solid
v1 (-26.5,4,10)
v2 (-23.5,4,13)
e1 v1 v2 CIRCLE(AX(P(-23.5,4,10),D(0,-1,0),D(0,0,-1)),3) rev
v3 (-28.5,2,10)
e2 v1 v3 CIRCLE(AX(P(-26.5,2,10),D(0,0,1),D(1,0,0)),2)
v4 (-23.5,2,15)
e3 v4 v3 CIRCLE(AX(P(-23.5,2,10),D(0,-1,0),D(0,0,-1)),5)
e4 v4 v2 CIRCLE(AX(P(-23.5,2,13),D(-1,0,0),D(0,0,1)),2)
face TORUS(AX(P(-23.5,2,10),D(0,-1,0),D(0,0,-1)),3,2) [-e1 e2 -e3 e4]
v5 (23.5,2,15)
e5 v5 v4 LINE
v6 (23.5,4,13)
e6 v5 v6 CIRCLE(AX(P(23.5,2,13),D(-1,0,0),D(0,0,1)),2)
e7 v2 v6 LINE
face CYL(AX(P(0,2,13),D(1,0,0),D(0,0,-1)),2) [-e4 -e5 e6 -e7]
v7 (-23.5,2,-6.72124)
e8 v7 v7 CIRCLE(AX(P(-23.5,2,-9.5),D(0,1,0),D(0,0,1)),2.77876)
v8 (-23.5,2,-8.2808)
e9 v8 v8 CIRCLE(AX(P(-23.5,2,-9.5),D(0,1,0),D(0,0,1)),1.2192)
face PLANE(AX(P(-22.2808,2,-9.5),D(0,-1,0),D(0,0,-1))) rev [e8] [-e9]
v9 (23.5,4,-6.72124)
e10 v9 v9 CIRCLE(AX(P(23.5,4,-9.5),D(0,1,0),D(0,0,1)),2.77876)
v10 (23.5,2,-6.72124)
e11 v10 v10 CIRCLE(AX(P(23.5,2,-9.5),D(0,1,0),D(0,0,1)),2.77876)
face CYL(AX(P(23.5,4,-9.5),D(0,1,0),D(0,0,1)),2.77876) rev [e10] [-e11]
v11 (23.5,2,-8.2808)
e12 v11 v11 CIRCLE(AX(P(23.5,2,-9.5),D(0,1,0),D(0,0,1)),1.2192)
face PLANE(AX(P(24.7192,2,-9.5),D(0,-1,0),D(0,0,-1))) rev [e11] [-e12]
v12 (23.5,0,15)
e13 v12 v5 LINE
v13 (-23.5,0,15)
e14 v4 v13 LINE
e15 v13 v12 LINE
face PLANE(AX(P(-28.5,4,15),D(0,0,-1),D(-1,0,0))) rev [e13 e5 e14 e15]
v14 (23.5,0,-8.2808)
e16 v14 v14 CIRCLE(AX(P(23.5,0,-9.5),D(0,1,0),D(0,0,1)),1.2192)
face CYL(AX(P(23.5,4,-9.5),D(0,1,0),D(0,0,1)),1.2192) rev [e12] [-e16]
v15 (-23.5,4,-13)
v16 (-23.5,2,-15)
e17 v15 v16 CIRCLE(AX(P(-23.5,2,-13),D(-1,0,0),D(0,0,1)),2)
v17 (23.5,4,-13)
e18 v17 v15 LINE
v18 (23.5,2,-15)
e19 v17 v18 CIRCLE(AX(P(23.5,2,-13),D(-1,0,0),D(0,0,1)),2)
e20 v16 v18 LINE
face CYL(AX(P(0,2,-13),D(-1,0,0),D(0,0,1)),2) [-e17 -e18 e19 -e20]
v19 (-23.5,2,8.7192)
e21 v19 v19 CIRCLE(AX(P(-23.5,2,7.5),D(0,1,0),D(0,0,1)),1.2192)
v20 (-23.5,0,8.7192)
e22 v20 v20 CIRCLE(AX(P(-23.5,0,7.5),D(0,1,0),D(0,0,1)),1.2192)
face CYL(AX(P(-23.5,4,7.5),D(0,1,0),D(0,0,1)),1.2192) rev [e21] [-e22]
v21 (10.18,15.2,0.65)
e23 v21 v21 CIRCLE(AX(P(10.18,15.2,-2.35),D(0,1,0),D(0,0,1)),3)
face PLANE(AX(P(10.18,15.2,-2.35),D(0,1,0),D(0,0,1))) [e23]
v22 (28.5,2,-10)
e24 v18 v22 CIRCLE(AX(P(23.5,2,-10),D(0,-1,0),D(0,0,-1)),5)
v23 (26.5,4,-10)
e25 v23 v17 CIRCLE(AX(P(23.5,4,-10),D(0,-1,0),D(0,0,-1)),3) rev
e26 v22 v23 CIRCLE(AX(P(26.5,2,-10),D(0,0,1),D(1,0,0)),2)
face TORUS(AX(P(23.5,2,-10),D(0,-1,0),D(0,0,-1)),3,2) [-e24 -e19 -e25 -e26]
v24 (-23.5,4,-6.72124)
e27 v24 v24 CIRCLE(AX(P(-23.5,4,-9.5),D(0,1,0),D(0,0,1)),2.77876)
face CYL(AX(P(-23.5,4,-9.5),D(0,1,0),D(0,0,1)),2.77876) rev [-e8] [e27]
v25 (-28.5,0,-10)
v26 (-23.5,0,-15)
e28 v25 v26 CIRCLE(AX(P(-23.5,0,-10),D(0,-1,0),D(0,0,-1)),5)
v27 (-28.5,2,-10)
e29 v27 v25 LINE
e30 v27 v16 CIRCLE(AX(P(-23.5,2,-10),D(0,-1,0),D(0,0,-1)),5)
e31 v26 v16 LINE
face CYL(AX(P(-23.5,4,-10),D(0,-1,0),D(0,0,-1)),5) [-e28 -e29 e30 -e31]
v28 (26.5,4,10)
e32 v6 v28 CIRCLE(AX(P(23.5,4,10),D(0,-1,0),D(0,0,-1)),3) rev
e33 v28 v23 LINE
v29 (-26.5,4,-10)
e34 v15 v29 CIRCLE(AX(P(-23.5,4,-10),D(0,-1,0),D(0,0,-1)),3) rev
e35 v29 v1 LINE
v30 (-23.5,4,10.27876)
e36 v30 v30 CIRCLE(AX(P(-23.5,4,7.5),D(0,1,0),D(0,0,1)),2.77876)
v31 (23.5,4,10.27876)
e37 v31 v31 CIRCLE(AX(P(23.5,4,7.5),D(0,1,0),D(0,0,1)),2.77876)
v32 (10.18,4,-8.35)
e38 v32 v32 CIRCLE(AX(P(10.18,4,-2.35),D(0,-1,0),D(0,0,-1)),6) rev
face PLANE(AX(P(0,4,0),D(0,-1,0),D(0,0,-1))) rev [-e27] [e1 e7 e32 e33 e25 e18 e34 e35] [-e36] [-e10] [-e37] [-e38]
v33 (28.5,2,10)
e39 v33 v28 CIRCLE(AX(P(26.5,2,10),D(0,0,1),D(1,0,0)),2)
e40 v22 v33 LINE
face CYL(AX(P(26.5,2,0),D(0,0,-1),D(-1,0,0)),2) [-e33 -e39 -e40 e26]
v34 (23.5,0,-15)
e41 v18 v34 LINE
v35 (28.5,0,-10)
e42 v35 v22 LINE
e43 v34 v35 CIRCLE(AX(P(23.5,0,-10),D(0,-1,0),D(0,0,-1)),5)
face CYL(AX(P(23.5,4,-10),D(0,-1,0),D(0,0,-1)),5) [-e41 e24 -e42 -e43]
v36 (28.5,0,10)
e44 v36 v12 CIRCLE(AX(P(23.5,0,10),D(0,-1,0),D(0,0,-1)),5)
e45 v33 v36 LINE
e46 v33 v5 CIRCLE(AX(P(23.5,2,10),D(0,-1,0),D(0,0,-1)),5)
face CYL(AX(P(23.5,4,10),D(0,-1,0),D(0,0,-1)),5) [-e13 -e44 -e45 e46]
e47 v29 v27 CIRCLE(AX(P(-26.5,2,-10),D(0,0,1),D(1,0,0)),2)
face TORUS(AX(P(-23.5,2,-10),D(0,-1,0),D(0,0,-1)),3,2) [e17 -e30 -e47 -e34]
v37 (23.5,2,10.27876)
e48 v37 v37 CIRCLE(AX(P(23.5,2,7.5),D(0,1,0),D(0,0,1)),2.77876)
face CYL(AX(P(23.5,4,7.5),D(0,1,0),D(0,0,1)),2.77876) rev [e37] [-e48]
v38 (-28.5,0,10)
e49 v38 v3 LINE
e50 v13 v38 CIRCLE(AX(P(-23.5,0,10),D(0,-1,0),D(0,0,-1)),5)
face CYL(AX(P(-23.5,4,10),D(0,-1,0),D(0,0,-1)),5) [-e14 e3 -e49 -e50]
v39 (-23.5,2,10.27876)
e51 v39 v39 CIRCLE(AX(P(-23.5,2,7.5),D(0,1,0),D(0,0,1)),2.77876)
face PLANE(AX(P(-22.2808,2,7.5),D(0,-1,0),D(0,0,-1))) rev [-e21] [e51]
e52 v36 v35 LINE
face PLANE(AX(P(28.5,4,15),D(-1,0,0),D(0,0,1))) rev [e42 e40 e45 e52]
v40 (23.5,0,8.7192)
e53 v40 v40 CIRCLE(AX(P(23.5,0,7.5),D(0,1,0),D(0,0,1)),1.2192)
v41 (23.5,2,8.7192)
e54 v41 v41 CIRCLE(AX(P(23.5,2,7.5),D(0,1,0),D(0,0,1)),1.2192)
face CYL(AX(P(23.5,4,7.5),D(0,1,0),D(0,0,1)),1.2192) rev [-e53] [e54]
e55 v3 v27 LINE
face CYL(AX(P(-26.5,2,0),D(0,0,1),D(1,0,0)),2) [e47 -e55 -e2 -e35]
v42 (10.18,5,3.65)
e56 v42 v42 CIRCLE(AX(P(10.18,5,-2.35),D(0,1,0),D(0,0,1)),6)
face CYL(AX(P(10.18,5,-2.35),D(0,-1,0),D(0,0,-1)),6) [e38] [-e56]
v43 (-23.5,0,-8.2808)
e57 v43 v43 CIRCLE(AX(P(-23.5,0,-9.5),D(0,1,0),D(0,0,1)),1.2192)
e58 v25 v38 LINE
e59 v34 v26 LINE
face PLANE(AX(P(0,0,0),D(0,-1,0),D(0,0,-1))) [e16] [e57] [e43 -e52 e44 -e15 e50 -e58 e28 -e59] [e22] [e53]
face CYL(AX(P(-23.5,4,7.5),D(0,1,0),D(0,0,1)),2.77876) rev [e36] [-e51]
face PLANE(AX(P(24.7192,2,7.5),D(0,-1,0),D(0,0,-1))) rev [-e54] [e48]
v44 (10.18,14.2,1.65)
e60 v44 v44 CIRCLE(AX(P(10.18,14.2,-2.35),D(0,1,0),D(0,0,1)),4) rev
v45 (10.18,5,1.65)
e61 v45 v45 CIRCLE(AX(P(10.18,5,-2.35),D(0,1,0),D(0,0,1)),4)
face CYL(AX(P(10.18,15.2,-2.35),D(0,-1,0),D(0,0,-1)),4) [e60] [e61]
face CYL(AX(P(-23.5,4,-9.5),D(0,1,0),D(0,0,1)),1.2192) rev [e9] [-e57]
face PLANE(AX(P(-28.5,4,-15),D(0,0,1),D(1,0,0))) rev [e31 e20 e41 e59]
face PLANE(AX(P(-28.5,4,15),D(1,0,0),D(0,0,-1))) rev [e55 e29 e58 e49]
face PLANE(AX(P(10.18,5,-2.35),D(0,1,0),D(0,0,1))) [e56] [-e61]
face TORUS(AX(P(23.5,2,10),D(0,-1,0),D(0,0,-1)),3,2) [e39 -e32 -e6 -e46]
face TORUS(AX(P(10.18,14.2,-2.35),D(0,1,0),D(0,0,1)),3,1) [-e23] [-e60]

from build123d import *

# Parameters (mm, degrees)
SKETCH1_W                                           = 57
SKETCH1_H                                           = 30
BOSS_EXTRUDE1_DEPTH                                 = 4
SKETCH3_R                                           = 4
BOSS_EXTRUDE2_DEPTH                                 = 11.2
SKETCH4_R                                           = 6
BOSS_EXTRUDE3_DEPTH                                 = 1
CBORE_FOR_2_BINDING_HEAD_MACHINE_SCREW1_D           = 2.4384
CBORE_FOR_2_BINDING_HEAD_MACHINE_SCREW1_CBORE_D     = 5.55752
CBORE_FOR_2_BINDING_HEAD_MACHINE_SCREW1_CBORE_DEPTH = 2.000000064
FILLET1_R                                           = 5
FILLET2_R                                           = 2
FILLET3_R                                           = 1


with BuildPart() as part:
    # Sketch1 → Boss-Extrude1 (new body)
    with BuildSketch(Plane(origin=(0, 0, 0), x_dir=(1, 0, 0), z_dir=(0, 1, 0))):
        Rectangle(SKETCH1_W, SKETCH1_H)
    extrude(amount=BOSS_EXTRUDE1_DEPTH)

    # Sketch3 → Boss-Extrude2 (add)
    with BuildSketch(Plane(origin=(0, 4, 0), x_dir=(1, 0, 0), z_dir=(0, 1, 0))):
        with Locations(Location((10.18, 2.35, 0), (0, 0, 90))):
            Circle(SKETCH3_R)
    extrude(amount=BOSS_EXTRUDE2_DEPTH)

    # Sketch4 → Boss-Extrude3 (add)
    with BuildSketch(Plane(origin=(0, 4, 0), x_dir=(1, 0, 0), z_dir=(0, 1, 0))):
        with Locations(Location((10.18, 2.35, 0), (0, 0, 90))):
            Circle(SKETCH4_R)
    extrude(amount=BOSS_EXTRUDE3_DEPTH)

    # CBORE for #2 Binding Head Machine Screw1 (through all)
    with Locations(Plane(origin=(0, 4, 0), x_dir=(1, 0, 0), z_dir=(0, 1, 0))):
        with Locations((-23.5, 9.5), (-23.5, -7.5), (23.5, -7.5), (23.5, 9.5)):
            CounterBoreHole(CBORE_FOR_2_BINDING_HEAD_MACHINE_SCREW1_D / 2, CBORE_FOR_2_BINDING_HEAD_MACHINE_SCREW1_CBORE_D / 2, CBORE_FOR_2_BINDING_HEAD_MACHINE_SCREW1_CBORE_DEPTH)

    # Fillet1
    fillet1_edges = [part.edges().sort_by_distance(p)[0] for p in [
        (-28.5, 2, -15),
        (28.5, 2, -15),
        (28.5, 2, 15),
        (-28.5, 2, 15),
    ]]
    fillet(fillet1_edges, radius=FILLET1_R)

    # Fillet2
    fillet2_edges = [part.edges().sort_by_distance(p)[0] for p in [
        (0, 4, 15),
        (-28.5, 4, 0),
        (28.5, 4, 0),
        (0, 4, -15),
        (27.035533906, 4, 13.535533906),
        (27.035533906, 4, -13.535533906),
        (-27.035533906, 4, -13.535533906),
        (-27.035533906, 4, 13.535533906),
    ]]
    fillet(fillet2_edges, radius=FILLET2_R)

    # Fillet3
    fillet3_edges = [part.edges().sort_by_distance(p)[0] for p in [
        (10.18, 15.2, 1.65),
    ]]
    fillet(fillet3_edges, radius=FILLET3_R)


solid = part.part
